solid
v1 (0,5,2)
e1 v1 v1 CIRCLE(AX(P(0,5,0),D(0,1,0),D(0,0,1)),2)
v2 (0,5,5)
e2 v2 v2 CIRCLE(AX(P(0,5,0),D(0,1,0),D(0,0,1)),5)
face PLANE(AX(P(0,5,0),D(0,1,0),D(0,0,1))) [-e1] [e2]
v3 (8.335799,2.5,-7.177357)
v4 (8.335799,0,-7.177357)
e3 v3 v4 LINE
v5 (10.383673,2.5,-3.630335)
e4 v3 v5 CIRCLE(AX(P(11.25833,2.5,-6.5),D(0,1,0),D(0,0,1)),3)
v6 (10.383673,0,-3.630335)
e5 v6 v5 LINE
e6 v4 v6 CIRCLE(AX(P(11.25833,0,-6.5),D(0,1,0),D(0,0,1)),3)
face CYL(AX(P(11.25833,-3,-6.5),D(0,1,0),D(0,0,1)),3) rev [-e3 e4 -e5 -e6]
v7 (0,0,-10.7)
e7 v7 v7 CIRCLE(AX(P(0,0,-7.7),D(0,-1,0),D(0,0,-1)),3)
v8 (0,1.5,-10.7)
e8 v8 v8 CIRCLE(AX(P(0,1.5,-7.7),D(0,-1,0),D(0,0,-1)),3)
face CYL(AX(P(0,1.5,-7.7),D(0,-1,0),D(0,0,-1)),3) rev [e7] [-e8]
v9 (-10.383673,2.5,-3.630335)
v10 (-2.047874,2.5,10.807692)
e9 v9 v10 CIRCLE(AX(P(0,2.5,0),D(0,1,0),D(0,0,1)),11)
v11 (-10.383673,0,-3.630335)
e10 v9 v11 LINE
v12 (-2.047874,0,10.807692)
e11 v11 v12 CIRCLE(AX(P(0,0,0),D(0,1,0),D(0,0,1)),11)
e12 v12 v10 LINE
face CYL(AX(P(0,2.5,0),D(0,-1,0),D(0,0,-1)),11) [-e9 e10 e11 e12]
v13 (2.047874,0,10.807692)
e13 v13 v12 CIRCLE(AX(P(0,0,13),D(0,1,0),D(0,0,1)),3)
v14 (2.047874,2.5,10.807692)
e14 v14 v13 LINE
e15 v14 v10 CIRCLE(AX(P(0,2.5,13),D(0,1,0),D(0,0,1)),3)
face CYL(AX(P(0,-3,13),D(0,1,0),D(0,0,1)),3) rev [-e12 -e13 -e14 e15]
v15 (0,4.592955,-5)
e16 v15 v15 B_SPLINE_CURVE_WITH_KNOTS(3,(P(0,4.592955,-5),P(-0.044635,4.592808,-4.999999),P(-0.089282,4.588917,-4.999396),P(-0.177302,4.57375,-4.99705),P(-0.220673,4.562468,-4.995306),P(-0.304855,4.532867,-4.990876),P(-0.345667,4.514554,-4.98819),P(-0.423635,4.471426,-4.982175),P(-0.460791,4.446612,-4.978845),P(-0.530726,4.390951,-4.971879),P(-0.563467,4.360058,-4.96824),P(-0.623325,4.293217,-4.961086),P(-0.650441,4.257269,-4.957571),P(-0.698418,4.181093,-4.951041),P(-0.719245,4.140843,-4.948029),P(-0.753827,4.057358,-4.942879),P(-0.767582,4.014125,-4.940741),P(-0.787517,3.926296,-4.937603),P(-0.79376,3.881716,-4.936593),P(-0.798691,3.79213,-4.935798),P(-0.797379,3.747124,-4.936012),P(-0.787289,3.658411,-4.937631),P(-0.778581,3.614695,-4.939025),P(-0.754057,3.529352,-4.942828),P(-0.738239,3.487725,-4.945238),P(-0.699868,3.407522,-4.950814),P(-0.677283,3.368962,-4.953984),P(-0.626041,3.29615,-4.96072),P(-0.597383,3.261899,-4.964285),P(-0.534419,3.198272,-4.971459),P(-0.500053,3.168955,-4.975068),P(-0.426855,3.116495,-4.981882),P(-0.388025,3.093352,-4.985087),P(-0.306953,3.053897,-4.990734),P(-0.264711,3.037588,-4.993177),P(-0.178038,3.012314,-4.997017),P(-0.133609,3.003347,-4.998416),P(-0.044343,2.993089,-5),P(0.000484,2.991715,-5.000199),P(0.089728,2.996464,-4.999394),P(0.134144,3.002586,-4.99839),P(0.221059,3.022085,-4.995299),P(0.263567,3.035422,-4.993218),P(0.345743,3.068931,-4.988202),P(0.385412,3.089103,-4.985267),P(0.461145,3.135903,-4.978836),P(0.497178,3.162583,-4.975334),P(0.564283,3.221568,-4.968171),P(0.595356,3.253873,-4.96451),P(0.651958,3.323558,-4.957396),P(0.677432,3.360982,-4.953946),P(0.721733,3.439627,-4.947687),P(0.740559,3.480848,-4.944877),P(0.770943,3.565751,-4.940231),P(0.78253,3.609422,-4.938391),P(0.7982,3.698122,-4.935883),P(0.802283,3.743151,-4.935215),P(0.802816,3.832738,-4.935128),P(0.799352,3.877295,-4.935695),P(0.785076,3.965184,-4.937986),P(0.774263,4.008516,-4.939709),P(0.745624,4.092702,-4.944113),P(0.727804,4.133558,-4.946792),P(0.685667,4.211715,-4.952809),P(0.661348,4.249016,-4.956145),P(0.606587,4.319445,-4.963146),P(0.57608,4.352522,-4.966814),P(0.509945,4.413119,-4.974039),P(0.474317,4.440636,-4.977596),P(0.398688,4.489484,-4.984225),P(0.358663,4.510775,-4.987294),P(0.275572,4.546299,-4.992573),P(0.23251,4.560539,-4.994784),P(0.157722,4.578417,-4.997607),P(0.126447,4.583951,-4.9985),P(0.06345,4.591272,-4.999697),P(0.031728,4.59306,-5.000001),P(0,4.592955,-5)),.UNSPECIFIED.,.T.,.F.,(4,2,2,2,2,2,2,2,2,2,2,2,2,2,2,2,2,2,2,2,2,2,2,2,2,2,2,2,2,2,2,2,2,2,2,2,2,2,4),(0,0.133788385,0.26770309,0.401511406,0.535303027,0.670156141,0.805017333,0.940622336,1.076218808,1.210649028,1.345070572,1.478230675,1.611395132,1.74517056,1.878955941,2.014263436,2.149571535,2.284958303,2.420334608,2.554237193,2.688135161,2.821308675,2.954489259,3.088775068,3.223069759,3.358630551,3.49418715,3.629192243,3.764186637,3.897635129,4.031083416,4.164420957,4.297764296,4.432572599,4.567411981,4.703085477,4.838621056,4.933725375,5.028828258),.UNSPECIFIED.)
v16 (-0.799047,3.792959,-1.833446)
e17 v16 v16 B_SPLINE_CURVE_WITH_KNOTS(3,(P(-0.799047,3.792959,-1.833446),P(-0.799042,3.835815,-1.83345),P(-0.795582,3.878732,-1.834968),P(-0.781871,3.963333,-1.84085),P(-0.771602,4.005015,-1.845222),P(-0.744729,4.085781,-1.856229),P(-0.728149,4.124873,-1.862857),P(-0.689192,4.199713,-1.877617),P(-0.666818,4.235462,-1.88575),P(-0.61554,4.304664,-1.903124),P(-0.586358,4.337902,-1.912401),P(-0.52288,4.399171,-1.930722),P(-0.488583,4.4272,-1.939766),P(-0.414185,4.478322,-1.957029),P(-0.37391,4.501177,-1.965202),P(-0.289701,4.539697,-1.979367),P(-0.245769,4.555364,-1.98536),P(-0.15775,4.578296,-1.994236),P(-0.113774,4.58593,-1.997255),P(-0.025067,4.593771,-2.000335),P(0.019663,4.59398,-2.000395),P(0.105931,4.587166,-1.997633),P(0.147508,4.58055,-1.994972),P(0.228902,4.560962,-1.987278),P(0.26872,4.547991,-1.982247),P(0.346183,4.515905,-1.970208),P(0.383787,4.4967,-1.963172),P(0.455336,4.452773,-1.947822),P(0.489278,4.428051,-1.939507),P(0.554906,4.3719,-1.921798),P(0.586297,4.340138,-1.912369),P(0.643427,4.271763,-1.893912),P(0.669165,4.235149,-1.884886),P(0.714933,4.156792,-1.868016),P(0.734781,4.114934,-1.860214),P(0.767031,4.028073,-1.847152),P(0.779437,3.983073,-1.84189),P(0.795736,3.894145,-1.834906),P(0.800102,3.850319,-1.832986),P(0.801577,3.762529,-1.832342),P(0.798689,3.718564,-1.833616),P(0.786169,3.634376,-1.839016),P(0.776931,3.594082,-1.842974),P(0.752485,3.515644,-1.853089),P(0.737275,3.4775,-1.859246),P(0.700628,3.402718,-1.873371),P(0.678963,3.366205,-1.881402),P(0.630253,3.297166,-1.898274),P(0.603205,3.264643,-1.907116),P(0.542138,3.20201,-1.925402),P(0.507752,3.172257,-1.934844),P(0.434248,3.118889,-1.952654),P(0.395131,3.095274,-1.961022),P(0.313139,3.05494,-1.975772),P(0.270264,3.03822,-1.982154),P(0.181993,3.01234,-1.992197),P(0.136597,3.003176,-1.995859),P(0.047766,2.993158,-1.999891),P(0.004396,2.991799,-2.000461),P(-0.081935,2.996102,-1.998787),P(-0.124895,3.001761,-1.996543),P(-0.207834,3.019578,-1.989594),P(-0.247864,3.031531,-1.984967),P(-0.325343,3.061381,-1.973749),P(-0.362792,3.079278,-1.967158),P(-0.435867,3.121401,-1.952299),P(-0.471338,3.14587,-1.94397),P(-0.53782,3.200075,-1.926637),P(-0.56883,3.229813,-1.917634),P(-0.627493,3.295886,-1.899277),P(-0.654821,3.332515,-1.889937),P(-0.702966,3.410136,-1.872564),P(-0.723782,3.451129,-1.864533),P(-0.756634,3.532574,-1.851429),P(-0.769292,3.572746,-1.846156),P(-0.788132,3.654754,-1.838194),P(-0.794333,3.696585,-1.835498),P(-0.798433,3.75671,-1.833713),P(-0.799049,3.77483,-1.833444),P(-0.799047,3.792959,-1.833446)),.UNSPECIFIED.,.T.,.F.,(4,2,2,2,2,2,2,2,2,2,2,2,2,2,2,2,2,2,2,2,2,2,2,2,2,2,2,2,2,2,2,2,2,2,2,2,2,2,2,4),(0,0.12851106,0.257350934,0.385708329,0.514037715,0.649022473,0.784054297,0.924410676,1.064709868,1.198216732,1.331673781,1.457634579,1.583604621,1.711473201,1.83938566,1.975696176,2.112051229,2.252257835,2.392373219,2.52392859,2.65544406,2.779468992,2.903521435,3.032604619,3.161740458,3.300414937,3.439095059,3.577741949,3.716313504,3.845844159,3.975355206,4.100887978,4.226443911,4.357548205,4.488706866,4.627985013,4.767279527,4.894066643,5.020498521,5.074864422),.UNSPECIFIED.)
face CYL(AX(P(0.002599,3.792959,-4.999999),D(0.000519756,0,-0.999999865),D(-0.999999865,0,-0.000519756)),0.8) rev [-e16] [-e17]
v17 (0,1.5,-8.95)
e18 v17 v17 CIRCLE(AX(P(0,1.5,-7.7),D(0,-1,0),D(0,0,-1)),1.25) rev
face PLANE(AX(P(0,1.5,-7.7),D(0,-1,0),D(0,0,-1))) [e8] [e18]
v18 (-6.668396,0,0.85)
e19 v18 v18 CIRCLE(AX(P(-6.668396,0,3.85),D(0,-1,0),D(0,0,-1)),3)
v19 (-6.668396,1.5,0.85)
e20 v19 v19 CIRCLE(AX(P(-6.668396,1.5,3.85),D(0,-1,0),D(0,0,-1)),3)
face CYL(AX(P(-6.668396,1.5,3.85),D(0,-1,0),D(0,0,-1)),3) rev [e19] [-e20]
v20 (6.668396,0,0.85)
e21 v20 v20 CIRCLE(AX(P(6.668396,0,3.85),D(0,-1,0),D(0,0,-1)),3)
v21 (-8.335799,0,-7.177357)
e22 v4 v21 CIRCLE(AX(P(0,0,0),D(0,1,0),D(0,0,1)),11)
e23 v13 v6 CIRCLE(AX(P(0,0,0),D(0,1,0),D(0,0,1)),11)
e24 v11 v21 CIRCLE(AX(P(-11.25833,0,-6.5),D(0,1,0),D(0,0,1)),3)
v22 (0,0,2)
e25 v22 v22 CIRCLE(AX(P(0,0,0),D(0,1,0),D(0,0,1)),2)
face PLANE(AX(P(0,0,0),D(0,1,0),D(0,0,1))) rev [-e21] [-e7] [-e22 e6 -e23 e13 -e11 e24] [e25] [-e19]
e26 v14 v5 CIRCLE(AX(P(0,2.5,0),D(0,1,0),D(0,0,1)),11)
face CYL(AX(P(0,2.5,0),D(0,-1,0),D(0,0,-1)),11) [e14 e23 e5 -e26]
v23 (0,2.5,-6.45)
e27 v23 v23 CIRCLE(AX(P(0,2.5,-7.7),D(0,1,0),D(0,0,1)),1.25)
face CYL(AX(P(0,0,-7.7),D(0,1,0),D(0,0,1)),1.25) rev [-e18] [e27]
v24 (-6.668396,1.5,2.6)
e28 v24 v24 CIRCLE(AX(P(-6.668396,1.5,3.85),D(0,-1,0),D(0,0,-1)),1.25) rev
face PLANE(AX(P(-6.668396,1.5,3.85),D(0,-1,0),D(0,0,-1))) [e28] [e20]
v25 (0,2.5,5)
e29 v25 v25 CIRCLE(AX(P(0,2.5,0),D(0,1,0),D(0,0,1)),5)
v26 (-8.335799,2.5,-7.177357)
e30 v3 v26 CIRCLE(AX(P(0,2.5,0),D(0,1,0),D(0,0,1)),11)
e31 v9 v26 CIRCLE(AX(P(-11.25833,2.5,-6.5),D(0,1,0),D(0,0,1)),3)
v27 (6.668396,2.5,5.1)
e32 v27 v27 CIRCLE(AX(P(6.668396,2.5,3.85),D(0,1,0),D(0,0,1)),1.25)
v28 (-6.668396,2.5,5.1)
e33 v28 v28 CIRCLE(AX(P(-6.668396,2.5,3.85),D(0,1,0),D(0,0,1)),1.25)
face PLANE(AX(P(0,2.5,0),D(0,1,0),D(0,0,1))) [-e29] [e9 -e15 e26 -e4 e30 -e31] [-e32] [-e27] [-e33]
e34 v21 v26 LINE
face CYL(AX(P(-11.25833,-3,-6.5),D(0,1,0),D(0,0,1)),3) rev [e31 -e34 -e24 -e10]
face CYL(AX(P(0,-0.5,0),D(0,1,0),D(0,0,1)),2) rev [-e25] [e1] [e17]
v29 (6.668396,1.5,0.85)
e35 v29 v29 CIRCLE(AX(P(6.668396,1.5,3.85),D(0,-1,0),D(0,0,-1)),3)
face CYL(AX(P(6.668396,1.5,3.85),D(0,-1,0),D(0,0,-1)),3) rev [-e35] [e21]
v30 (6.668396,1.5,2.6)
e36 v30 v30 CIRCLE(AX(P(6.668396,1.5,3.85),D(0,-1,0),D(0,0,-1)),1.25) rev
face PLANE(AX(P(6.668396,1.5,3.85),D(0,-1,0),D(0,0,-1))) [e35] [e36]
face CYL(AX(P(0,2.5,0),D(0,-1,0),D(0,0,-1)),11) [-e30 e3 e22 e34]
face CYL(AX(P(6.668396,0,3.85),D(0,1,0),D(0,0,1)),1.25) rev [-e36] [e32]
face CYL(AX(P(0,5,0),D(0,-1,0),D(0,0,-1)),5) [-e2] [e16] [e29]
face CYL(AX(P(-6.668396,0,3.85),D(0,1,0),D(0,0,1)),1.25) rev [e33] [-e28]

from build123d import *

# Parameters (mm, degrees)
ESBO_O1_R                                      = 11
RESSALTO_EXTRUS_O1_DEPTH                       = 2.5
ESBO_O3_R                                      = 1.25
CORTE_EXTRUS_O1_DEPTH                          = 2.5
ESBO_O18_R                                     = 5
RESSALTO_EXTRUS_O5_DEPTH                       = 2.5
ESBO_O20_R                                     = 2
CORTE_EXTRUS_O5_DEPTH                          = 5.5
BROCA_DE_ROSQUEAR_PARA_TARRAXA_DE_M2X0_4_REACH = 21.785
BROCA_DE_ROSQUEAR_PARA_TARRAXA_DE_M2_2_R       = 0.8
ESBO_O22_R                                     = 3
CORTE_EXTRUS_O6_DEPTH                          = 5.5
ESBO_O23_R                                     = 3
CORTE_EXTRUS_O7_DEPTH                          = 1.5


with BuildPart() as part:
    # Esboço1 → Ressalto-extrusão1 (new body)
    with BuildSketch(Plane(origin=(0, 0, 0), x_dir=(1, 0, 0), z_dir=(0, 1, 0))):
        with Locations(Location((0, 0, 0), (0, 0, 270))):
            Circle(ESBO_O1_R)
    extrude(amount=RESSALTO_EXTRUS_O1_DEPTH)

    # Esboço3 → Corte-extrusão1 (cut)
    with BuildSketch(Plane(origin=(0, 2.5, 0), x_dir=(1, 0, 0), z_dir=(0, 1, 0))):
        with Locations(Location((0, 7.7, 0), (0, 0, 270))):
            Circle(ESBO_O3_R)
        with Locations(Location((6.668395609, -3.85, 0), (0, 0, 270))):
            Circle(ESBO_O3_R)
        with Locations(Location((-6.668395609, -3.85, 0), (0, 0, 270))):
            Circle(ESBO_O3_R)
    extrude(amount=-CORTE_EXTRUS_O1_DEPTH, mode=Mode.SUBTRACT)

    # Esboço18 → Ressalto-extrusão5 (add)
    with BuildSketch(Plane(origin=(0, 2.5, 0), x_dir=(1, 0, 0), z_dir=(0, 1, 0))):
        with Locations(Location((0, 0, 0), (0, 0, 270))):
            Circle(ESBO_O18_R)
    extrude(amount=RESSALTO_EXTRUS_O5_DEPTH)

    # Esboço20 → Corte-extrusão5 (cut)
    with BuildSketch(Plane(origin=(0, 5, 0), x_dir=(1, 0, 0), z_dir=(0, 1, 0))):
        with Locations(Location((0, 0, 0), (0, 0, 270))):
            Circle(ESBO_O20_R)
    extrude(amount=-CORTE_EXTRUS_O5_DEPTH, mode=Mode.SUBTRACT)

    # Broca de rosquear para tarraxa de M2 2 (on position points) → Broca de rosquear para tarraxa de M2x0.42 (cut, up to next)
    with BuildSketch(Plane(origin=(0.002598781, 3.792959438, -4.999999325), x_dir=(-0.999999864927, 0, -0.000519756122), z_dir=(0.000519756122, 0, -0.999999864927)), mode=Mode.PRIVATE) as broca_de_rosquear_para_tarraxa_de_m2x0_4_sk1:
        Circle(BROCA_DE_ROSQUEAR_PARA_TARRAXA_DE_M2_2_R)
    broca_de_rosquear_para_tarraxa_de_m2x0_4_tool1 = extrude(broca_de_rosquear_para_tarraxa_de_m2x0_4_sk1.sketch, amount=-BROCA_DE_ROSQUEAR_PARA_TARRAXA_DE_M2X0_4_REACH, mode=Mode.PRIVATE) & part.part
    add(broca_de_rosquear_para_tarraxa_de_m2x0_4_tool1.solids().sort_by_distance((0.002599, 3.792959, -4.999999))[0], mode=Mode.SUBTRACT)

    # Esboço22 → Corte-extrusão6 (cut)
    with BuildSketch(Plane(origin=(0, 2.5, 0), x_dir=(1, 0, 0), z_dir=(0, 1, 0))):
        with Locations((-11.258330249, 6.5)):
            Circle(ESBO_O22_R)
        with Locations((0, -13)):
            Circle(ESBO_O22_R)
        with Locations((11.258330249, 6.5)):
            Circle(ESBO_O22_R)
    extrude(amount=-CORTE_EXTRUS_O6_DEPTH, mode=Mode.SUBTRACT)

    # Esboço23 → Corte-extrusão7 (cut)
    with BuildSketch(Plane(origin=(0, 0, 0), x_dir=(-1, 0, 0), z_dir=(0, -1, 0))):
        with Locations(Location((-6.668395609, -3.85, 0), (0, 0, 90))):
            Circle(ESBO_O23_R)
        with Locations(Location((6.668395609, -3.85, 0), (0, 0, 90))):
            Circle(ESBO_O23_R)
        with Locations(Location((0, 7.7, 0), (0, 0, 90))):
            Circle(ESBO_O23_R)
    extrude(amount=-CORTE_EXTRUS_O7_DEPTH, mode=Mode.SUBTRACT)


solid = part.part
